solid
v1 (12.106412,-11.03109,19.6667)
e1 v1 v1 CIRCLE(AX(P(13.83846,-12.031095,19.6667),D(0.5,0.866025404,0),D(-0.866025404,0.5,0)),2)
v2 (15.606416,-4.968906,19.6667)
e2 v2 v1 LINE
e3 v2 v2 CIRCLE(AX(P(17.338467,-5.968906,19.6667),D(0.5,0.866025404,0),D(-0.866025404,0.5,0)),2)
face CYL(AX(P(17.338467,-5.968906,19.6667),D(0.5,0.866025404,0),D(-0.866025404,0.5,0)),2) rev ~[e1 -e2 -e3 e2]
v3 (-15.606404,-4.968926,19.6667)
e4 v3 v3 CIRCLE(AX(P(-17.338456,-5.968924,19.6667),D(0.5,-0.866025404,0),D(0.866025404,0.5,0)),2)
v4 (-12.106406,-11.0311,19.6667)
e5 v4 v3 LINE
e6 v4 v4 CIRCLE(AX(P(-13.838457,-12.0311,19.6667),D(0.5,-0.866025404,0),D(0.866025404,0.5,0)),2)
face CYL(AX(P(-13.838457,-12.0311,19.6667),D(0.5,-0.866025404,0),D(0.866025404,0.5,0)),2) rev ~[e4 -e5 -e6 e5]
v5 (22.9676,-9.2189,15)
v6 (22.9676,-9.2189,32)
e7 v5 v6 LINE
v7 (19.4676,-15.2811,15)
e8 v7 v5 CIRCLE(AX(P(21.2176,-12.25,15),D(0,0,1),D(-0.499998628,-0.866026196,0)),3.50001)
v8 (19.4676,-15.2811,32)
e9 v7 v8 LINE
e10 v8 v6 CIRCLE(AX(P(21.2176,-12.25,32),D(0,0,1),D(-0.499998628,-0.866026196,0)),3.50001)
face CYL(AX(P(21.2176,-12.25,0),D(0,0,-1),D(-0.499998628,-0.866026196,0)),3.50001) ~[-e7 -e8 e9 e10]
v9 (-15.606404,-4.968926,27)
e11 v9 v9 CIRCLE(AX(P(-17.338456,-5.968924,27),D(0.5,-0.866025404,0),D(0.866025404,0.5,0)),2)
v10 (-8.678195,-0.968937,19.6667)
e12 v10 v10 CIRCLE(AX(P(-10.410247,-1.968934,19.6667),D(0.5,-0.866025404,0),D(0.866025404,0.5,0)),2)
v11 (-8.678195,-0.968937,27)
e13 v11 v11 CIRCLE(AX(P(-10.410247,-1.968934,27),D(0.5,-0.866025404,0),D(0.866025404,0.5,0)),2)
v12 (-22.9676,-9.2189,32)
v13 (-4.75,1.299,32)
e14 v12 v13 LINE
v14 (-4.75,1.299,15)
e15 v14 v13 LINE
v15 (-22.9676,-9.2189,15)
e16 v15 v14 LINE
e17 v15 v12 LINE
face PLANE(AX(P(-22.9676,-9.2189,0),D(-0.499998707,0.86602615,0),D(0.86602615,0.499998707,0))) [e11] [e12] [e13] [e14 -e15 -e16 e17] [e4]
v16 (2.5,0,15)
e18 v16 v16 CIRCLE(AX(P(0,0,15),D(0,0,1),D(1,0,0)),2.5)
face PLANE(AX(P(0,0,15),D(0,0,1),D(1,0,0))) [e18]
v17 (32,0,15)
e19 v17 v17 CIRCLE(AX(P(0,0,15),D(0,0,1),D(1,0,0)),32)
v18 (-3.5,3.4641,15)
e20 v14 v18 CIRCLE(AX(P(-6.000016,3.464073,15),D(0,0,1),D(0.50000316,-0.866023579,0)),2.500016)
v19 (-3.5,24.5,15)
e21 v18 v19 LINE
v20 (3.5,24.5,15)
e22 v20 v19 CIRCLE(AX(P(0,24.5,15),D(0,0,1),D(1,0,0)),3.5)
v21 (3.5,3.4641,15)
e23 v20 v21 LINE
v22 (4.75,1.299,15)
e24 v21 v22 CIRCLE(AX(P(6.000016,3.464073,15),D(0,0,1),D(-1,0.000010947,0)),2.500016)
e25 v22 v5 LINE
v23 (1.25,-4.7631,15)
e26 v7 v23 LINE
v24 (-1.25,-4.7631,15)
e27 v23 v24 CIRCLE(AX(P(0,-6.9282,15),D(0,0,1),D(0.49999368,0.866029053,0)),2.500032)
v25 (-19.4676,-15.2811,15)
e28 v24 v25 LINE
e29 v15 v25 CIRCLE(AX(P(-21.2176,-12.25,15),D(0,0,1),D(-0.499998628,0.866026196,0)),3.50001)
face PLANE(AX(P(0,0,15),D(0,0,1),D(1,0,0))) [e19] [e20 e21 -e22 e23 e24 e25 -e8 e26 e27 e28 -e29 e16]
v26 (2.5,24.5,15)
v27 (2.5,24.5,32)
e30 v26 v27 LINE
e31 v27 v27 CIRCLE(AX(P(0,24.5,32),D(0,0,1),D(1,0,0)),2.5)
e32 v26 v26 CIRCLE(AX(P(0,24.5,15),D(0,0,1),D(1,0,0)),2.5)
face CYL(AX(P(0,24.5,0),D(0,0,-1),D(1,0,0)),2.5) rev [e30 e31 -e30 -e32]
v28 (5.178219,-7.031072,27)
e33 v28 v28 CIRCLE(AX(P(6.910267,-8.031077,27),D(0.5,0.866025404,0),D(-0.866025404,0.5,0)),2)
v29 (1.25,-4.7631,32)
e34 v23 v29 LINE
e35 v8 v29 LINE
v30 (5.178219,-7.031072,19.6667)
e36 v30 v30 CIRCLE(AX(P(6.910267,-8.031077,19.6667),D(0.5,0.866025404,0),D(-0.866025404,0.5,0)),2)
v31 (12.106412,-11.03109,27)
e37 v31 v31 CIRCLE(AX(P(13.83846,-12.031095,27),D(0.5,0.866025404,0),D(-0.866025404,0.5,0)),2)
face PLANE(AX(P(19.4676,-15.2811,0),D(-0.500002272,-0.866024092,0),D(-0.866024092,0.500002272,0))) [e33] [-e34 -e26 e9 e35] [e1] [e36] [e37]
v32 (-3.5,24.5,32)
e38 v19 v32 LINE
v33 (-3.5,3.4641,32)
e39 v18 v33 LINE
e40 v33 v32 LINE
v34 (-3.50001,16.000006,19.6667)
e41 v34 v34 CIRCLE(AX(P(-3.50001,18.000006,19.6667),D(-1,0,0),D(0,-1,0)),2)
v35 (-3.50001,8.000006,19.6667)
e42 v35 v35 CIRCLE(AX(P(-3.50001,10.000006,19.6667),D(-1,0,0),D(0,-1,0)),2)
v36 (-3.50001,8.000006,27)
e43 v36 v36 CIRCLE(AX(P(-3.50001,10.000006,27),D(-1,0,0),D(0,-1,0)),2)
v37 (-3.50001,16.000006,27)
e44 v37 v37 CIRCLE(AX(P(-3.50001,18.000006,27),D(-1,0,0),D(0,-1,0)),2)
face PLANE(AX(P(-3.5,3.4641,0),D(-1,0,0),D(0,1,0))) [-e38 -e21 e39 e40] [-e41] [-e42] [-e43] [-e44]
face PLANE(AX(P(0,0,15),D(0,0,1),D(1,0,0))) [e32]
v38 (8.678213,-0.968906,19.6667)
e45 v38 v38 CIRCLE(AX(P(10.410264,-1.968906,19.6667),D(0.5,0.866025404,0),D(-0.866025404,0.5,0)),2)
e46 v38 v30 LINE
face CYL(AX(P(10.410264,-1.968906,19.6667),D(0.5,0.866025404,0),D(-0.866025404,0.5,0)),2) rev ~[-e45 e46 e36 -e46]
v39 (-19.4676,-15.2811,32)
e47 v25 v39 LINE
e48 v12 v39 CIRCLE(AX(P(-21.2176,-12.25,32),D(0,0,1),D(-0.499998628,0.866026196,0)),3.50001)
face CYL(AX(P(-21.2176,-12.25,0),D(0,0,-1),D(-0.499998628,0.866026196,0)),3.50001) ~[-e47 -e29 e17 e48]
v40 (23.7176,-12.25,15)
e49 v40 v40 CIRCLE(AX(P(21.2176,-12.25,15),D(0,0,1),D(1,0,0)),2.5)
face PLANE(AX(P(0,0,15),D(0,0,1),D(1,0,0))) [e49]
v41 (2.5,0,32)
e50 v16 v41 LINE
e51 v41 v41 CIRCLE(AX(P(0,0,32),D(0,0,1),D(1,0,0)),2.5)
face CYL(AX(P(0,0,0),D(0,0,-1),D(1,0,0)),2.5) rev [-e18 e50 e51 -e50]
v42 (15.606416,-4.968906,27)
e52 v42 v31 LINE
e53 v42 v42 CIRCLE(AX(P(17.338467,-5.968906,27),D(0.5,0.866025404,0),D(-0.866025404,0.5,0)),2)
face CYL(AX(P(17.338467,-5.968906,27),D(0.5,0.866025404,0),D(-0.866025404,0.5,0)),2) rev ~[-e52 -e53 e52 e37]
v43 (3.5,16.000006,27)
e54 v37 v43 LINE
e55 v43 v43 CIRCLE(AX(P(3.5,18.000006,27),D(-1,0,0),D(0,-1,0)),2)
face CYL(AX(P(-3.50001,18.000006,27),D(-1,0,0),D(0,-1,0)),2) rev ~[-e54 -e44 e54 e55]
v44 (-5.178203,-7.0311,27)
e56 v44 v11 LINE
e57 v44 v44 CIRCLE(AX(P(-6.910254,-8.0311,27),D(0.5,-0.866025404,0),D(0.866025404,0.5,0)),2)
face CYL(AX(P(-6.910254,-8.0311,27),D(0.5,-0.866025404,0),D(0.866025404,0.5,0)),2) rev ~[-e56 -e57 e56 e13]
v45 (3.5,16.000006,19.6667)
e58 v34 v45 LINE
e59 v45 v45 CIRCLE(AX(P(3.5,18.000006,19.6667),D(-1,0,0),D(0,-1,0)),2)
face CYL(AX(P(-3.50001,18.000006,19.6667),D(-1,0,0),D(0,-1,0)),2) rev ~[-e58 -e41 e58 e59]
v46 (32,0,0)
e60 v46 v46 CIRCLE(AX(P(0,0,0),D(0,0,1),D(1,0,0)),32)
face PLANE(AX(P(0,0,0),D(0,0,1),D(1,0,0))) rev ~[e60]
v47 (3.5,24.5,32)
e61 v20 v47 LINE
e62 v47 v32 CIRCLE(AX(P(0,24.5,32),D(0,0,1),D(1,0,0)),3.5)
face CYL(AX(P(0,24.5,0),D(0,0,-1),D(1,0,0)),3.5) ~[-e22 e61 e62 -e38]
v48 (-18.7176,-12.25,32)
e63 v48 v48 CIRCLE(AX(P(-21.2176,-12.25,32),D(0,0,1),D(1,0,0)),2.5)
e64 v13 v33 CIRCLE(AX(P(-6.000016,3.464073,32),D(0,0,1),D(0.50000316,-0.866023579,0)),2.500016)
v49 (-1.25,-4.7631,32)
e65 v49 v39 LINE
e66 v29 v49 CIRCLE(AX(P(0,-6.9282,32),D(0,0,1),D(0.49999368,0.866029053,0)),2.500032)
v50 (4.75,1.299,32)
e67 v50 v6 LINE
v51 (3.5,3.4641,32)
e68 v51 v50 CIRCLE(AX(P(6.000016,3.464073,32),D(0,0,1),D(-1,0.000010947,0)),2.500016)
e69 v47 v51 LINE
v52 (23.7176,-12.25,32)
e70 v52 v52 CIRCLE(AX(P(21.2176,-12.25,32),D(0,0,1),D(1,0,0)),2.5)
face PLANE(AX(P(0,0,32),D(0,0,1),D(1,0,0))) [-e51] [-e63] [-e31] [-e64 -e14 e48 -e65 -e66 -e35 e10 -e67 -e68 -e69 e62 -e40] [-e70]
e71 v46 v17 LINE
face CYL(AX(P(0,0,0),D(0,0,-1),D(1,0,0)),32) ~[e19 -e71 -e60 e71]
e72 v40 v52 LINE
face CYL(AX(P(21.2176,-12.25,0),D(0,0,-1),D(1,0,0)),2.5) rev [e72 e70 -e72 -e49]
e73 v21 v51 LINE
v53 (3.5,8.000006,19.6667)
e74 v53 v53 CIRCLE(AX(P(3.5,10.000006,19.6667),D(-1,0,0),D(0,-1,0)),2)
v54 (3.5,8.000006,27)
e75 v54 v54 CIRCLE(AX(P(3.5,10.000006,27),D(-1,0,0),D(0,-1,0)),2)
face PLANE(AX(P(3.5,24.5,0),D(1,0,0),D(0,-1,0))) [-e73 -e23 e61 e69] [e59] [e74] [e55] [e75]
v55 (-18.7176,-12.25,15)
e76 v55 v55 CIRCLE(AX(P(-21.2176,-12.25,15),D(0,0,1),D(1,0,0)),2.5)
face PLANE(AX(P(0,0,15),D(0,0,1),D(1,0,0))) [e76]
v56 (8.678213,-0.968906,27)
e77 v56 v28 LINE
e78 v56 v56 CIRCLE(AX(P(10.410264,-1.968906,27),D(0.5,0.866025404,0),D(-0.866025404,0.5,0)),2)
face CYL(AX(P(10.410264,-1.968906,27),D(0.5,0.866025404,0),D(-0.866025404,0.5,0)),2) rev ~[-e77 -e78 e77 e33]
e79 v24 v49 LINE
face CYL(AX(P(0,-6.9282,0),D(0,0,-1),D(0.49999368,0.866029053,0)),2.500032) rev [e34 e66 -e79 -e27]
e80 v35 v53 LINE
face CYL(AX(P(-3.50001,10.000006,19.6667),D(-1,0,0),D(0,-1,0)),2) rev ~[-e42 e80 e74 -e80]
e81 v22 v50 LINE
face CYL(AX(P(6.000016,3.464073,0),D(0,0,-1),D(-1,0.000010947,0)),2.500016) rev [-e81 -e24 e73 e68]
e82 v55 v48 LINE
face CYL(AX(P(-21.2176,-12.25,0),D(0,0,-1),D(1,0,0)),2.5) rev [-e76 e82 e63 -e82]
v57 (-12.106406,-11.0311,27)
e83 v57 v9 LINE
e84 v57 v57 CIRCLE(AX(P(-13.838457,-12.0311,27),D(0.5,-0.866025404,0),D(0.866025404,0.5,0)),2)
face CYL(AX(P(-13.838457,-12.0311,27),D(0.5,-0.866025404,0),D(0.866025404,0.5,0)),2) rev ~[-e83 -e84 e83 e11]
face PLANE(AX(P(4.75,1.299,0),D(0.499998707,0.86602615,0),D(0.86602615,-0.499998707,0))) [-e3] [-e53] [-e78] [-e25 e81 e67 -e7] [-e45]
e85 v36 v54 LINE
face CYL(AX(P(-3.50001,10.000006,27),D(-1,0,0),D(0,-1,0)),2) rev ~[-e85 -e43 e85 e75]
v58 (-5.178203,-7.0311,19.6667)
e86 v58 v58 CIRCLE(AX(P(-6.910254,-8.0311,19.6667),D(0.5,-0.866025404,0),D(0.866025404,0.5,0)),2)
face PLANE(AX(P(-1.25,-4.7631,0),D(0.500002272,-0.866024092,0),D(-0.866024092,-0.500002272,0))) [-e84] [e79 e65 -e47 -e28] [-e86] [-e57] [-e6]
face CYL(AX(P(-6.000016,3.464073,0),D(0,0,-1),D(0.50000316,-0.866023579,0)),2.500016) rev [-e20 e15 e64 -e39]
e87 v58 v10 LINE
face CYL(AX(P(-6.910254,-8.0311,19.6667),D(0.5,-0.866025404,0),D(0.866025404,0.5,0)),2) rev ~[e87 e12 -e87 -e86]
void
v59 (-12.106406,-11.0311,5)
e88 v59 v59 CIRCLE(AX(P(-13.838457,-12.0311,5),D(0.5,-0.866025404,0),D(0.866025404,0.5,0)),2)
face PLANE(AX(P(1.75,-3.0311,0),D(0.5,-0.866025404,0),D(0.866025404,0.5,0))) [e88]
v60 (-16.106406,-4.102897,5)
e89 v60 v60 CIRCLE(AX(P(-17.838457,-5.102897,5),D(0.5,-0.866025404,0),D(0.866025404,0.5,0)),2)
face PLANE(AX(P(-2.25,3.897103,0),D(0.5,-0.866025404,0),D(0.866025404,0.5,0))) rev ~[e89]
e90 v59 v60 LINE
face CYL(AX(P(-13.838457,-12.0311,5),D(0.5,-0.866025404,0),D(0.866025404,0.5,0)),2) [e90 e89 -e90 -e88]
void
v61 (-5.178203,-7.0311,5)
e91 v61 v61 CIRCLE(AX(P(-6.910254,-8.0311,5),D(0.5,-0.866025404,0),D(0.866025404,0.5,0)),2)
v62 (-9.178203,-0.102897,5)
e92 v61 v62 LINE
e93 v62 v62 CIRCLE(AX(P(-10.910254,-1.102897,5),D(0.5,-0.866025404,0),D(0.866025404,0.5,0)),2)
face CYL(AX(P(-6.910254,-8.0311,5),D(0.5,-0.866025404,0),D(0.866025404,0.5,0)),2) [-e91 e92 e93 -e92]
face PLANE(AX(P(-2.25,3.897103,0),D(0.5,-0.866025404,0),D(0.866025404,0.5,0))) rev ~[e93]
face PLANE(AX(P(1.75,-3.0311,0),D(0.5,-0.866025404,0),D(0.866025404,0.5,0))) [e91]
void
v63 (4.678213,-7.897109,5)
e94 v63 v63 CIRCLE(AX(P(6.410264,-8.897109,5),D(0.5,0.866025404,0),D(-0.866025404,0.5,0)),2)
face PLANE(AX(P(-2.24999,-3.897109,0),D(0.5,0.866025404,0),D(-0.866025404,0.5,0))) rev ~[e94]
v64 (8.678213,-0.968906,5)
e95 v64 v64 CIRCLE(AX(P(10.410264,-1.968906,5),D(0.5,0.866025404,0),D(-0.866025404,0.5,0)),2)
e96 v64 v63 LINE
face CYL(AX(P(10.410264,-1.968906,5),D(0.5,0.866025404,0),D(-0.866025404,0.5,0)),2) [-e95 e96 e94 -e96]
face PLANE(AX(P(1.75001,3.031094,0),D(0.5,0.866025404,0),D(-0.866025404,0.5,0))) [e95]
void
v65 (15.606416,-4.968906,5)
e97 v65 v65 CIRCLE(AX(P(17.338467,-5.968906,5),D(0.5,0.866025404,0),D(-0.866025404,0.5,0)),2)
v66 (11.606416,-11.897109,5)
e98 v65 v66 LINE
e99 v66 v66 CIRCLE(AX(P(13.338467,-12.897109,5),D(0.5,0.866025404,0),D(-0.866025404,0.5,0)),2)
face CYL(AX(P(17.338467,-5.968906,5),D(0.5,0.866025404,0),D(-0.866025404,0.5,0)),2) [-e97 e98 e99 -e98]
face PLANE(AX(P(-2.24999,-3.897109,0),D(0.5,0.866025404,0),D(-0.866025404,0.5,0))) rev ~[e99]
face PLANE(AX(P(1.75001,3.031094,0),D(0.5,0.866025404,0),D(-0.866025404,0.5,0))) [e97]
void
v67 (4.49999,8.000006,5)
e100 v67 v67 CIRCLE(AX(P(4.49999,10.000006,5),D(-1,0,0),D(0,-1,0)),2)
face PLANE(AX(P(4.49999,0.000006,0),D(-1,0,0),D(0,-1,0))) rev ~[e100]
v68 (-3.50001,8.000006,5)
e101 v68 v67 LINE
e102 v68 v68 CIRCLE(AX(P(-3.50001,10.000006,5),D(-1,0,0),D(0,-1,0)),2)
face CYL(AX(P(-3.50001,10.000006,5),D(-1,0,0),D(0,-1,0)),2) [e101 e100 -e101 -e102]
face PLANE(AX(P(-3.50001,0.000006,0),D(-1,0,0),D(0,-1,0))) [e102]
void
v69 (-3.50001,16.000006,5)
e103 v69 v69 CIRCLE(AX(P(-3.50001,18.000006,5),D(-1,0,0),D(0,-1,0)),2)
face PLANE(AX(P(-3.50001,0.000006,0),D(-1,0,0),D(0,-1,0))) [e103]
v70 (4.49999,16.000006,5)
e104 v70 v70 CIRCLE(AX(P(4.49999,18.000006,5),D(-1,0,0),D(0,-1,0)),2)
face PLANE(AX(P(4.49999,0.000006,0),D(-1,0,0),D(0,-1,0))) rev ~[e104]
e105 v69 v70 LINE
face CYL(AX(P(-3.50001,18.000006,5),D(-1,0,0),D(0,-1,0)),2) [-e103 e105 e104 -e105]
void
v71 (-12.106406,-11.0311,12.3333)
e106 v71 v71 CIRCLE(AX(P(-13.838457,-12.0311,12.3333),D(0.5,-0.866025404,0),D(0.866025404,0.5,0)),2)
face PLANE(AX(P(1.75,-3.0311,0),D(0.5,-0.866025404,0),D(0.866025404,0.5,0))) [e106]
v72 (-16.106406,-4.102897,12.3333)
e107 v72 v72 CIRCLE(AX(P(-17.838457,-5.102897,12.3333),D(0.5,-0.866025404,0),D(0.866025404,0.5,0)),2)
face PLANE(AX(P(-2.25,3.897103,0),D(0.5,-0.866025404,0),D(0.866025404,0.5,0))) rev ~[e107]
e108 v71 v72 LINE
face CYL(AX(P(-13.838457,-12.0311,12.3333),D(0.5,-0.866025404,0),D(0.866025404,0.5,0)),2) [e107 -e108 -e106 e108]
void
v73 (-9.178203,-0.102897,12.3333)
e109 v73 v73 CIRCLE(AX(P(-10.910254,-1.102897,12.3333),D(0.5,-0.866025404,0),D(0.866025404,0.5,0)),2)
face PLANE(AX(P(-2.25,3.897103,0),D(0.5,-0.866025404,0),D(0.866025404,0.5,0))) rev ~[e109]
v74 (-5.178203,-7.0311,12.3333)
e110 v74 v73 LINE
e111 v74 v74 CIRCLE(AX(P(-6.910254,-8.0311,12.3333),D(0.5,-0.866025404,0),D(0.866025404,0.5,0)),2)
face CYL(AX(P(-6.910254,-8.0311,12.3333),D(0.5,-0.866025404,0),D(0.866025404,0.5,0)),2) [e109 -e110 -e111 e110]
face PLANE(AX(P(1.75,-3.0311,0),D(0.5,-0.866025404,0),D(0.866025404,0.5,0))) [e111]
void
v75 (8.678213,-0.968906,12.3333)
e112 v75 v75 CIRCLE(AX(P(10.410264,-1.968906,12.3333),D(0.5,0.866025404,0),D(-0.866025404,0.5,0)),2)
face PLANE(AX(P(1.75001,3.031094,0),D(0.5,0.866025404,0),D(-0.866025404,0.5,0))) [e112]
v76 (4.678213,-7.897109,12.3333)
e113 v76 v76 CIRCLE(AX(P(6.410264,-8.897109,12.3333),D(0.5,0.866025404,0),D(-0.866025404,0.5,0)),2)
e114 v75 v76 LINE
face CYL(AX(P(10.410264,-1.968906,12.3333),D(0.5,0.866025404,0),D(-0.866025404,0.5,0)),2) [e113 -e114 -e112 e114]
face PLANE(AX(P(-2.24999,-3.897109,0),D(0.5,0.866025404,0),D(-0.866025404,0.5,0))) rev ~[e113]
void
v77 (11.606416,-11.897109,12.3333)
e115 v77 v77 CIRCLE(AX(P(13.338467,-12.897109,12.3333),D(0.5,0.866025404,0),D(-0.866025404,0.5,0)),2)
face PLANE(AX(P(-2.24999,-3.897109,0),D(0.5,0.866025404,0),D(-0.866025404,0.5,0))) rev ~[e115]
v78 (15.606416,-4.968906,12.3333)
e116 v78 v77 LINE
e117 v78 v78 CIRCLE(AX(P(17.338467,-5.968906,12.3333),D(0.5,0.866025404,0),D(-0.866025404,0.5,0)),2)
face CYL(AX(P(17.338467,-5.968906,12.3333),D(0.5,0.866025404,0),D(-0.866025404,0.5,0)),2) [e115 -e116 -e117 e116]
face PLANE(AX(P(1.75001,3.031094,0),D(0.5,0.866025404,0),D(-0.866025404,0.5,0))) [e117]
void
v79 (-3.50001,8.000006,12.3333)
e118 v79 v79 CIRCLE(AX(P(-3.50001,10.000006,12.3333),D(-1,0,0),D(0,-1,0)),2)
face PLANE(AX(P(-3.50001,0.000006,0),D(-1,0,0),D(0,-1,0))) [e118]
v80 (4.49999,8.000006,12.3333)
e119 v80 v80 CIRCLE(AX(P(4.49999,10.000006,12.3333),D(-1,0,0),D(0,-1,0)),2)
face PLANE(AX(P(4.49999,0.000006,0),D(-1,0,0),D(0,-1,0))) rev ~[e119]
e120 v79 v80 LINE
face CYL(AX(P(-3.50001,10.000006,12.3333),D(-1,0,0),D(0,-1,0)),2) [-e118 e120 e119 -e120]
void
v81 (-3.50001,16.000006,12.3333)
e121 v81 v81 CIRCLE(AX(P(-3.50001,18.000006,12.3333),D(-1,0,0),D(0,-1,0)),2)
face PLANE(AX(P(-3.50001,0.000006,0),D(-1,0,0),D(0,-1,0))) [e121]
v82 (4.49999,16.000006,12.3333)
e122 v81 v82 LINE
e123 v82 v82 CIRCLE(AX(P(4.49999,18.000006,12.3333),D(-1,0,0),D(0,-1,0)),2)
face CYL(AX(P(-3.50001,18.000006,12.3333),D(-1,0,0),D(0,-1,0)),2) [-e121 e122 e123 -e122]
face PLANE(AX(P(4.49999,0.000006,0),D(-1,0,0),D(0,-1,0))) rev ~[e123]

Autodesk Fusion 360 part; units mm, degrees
sketch "Sketch1" plane through (0, 0, 0) normal (0, 0, 1) x (1, 0, 0)
  line L0 (0, 0) -> (25, 0)
  line L1 (25, 0) -> (25, 48)
  line L2 (25, 48) -> (0, 48)
  line L3 (0, 48) -> (0, 0)
  dimension "d1" = 25
  dimension "d2" = 48
extrude "Extrude1" add sketch "Sketch1" along normal blind 15

Autodesk Fusion 360 part; units mm, degrees
sketch "Sketch1" plane through (0, 0, 0) normal (0, 0, 1) x (1, 0, 0)
  circle A0 centre (0, 0) radius 32
  circle A1 centre (0, 24.5) radius 2.5
  circle A2 centre (-21.2176, -12.25) radius 2.5
  circle A3 centre (21.2176, -12.25) radius 2.5
  circle A4 centre (0, 0) radius 2.5
  line L0 (-3.5, 3.4641) -> (-3.5, 24.5)
  line L1 (3.5, 24.5) -> (3.5, 3.4641)
  line L2 (-1.25, -4.7631) -> (-19.4676, -15.2811)
  line L3 (-22.9676, -9.2189) -> (-4.75, 1.299)
  line L4 (4.75, 1.299) -> (22.9676, -9.2189)
  line L5 (19.4676, -15.2811) -> (1.25, -4.7631)
  arc A5 (-4.75, 1.299) -> (-3.5, 3.4641) centre (-6, 3.4641) ccw
  arc A6 (3.5, 3.4641) -> (4.75, 1.299) centre (6, 3.4641) ccw
  arc A7 (1.25, -4.7631) -> (-1.25, -4.7631) centre (0, -6.9282) ccw
  arc A8 (3.5, 24.5) -> (-3.5, 24.5) centre (0, 24.5) ccw
  arc A9 (19.4676, -15.2811) -> (22.9676, -9.2189) centre (21.2176, -12.25) ccw
  arc A10 (-22.9676, -9.2189) -> (-19.4676, -15.2811) centre (-21.2176, -12.25) ccw
  dimension "d1" = 64
  dimension "d2" = 24.5
  dimension "d3" = 5
  dimension "d5" = 360
  dimension "d6" = 7
  dimension "d8" = 360
  dimension "d10" = 5
  dimension "d15" = 2.5
  dimension "d16" = 2.5
  dimension "d17" = 2.5
extrude "Extrude1" add sketch "Sketch1" along normal blind 32 contours L0 L1 L2 L3 L4 L5 A5 A6 A7 A8 A9 A10
sketch "Sketch2" plane through (1.75, -3.0311, 0) normal (0.5, -0.866, 0) x (0.866, 0.5, 0)
  line L0 (-24.5, 0) -> (-3.4641, 0)
  line L1 (-3.4641, 0) -> (-3.4641, 32)
  line L2 (-3.4641, 32) -> (-24.5, 32)
  line L3 (-24.5, 32) -> (-24.5, 0)
  line L4 (-24.5, 32) -> (-3.4641, 32)
  line L5 (-3.4641, 32) -> (-3.4641, 0)
  line L6 (-3.4641, 0) -> (-24.5, 0)
  line L7 (-24.5, 0) -> (-24.5, 32)
  circle A0 centre (-18, 27) radius 2
  circle A1 centre (-10, 27) radius 2
  circle A2 centre (-18, 19.6667) radius 2
  circle A3 centre (-10, 19.6667) radius 2
  circle A4 centre (-18, 12.3333) radius 2
  circle A5 centre (-10, 12.3333) radius 2
  circle A6 centre (-18, 5) radius 2
  circle A7 centre (-10, 5) radius 2
  dimension "d20" = 4
  dimension "d23" = 8
  dimension "d24" = -22
extrude "Extrude2" cut sketch "Sketch2" against normal blind 8 contours A0 | A1 | A2 | A3 | A4 | A5 | A6 | A7
pattern_circular "C-Pattern1" count 3 over 360 about axis through (0, 0, 1.75) along (0, 0, 1) of "Extrude2"
